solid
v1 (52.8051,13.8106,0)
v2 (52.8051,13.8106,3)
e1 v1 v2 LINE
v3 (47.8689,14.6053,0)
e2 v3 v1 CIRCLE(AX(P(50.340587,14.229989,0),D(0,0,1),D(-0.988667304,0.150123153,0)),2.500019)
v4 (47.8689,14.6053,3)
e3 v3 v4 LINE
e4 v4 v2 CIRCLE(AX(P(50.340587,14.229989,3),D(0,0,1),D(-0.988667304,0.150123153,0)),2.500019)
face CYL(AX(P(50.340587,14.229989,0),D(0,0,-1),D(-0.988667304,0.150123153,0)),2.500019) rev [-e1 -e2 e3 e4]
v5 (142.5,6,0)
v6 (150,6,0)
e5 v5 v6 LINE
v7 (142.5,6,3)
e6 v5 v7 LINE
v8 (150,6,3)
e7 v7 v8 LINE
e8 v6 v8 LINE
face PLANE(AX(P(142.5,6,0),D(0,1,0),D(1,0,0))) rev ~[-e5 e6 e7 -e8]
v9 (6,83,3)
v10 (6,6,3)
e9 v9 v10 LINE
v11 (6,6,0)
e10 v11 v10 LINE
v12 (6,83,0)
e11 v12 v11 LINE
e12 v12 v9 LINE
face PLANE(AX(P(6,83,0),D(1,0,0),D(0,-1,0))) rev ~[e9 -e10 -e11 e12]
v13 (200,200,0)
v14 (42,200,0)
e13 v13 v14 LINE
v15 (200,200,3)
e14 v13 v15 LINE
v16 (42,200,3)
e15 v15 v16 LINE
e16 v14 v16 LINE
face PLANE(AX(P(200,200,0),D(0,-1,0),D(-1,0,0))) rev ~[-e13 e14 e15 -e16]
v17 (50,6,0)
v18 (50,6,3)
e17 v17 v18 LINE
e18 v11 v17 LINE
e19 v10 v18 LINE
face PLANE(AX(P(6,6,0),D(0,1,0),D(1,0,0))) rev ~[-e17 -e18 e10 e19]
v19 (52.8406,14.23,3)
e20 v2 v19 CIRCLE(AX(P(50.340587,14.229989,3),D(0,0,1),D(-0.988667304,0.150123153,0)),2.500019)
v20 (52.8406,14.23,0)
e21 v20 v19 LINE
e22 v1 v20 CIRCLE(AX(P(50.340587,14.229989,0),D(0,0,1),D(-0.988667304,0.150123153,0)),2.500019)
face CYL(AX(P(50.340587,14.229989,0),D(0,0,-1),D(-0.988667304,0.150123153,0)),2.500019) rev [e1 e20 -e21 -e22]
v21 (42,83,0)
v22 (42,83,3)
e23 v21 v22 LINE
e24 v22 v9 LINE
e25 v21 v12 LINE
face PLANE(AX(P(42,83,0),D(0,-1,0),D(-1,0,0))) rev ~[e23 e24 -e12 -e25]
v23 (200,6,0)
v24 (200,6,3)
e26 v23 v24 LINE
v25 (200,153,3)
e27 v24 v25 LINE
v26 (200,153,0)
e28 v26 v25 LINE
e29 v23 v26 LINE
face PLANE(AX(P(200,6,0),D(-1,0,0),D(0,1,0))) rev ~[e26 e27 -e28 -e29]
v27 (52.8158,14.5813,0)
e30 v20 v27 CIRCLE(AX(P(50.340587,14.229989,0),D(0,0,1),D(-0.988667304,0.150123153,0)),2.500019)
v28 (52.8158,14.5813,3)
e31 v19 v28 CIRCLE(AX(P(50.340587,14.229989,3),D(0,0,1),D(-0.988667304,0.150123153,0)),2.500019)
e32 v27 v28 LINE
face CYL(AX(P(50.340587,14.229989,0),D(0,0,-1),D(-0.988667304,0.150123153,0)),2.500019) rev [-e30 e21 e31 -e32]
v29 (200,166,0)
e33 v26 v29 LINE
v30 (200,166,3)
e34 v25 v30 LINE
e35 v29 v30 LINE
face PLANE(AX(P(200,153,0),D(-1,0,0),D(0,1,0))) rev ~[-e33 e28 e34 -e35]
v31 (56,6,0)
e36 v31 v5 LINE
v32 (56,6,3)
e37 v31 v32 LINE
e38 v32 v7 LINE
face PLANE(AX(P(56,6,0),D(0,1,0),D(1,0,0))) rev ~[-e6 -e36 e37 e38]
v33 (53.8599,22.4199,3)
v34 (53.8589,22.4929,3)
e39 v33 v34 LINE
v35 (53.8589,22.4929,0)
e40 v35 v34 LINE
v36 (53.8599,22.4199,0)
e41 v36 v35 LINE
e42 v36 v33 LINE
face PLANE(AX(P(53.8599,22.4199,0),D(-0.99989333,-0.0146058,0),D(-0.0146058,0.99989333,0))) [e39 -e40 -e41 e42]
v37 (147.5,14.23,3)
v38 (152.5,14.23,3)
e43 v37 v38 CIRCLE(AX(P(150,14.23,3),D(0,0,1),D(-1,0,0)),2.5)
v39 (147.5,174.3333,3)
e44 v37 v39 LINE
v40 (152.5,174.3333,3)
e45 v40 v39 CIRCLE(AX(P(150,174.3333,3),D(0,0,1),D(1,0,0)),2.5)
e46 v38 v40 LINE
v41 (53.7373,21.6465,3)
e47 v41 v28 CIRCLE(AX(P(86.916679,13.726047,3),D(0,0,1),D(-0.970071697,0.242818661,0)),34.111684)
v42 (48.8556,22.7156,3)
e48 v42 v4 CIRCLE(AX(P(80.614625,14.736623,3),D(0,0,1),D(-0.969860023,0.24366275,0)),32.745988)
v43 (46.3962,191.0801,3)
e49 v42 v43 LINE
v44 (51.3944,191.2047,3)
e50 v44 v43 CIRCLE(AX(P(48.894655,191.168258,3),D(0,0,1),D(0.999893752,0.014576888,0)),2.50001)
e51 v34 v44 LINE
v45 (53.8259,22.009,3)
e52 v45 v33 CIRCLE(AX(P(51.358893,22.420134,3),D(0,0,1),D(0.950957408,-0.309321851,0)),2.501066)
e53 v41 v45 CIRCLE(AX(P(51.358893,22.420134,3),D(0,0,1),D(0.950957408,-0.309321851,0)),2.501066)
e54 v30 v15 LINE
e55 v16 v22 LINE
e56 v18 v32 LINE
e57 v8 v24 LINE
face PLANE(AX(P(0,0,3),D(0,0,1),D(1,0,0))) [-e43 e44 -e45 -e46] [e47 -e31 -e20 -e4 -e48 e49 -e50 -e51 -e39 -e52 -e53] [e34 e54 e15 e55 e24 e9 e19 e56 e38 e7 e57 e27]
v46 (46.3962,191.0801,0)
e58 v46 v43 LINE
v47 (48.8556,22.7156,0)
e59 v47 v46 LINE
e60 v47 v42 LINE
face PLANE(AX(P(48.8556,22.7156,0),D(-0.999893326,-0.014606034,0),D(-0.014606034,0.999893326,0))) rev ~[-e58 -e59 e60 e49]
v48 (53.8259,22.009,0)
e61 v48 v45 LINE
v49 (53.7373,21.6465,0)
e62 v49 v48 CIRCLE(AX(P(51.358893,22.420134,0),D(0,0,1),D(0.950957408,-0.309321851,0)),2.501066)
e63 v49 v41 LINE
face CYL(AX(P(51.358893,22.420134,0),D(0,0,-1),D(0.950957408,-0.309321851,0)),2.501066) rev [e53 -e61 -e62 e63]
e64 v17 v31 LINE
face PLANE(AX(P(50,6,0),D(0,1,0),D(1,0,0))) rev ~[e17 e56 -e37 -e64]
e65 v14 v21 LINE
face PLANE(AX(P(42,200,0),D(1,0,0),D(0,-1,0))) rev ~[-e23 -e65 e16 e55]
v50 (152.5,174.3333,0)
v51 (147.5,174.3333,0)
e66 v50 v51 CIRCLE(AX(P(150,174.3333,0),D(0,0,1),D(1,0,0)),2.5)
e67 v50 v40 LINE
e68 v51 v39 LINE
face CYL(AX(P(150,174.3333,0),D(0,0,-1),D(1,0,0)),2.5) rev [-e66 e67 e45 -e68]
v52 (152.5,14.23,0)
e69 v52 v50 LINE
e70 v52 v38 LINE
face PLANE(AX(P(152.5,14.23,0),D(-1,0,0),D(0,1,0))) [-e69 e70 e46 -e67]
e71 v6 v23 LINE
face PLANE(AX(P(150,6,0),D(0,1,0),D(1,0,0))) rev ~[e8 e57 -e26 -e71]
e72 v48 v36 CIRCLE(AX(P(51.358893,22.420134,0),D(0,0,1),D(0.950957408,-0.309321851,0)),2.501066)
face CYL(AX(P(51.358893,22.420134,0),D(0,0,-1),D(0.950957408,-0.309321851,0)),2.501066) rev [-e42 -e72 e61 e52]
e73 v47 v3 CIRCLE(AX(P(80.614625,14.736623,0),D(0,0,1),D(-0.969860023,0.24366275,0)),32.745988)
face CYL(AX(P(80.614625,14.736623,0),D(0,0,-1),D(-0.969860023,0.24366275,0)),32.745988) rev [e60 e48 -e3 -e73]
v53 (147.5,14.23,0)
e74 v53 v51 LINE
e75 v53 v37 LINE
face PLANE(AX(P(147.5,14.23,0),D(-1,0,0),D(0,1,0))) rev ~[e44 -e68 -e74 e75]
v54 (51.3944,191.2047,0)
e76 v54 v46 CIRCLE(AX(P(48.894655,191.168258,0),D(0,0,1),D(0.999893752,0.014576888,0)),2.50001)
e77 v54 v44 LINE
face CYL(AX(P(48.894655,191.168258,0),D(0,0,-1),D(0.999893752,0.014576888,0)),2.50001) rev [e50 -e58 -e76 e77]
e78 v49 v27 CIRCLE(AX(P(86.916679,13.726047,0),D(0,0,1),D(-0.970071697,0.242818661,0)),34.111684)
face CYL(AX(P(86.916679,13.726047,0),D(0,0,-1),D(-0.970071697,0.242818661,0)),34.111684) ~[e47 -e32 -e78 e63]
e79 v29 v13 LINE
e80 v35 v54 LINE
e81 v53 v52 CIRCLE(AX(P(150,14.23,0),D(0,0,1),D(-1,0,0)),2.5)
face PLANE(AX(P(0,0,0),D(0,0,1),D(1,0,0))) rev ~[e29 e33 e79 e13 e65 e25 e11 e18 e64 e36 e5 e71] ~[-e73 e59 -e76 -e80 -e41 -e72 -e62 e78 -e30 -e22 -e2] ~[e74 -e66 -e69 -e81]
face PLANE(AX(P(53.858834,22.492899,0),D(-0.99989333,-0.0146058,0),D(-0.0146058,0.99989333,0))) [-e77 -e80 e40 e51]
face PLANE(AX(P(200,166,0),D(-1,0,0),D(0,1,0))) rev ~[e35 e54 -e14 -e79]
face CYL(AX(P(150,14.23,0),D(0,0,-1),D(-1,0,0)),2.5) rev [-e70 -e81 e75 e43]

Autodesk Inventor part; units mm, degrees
ref_plane "YZ Plane" through (0, 0, 0) normal (1, 0, 0) x (0, 1, 0)
ref_plane "XZ Plane" through (0, 0, 0) normal (0, 1, 0) x (-1, 0, 0)
ref_plane "XY Plane" through (0, 0, 0) normal (0, 0, 1) x (1, 0, 0)
sketch "Sketch1" plane through (0, 0, 0) normal (0, 0, 1) x (1, 0, 0)
  line L0 (6, 6) -> (200, 6)
  line L1 (200, 6) -> (200, 200)
  line L2 (200, 200) -> (42, 200)
  line L3 (6, 83) -> (6, 6)
  line L4 (6, 6) -> (56, 6)
  line L5 (200, 6) -> (150, 6)
  line L6 (200, 6) -> (200, 153)
  line L7 (150, 6) -> (142.5, 6)
  line L8 (200, 6) -> (200, 166)
  arc A0 (152.5, 174.3333) -> (147.5, 174.3333) centre (150, 174.3333) ccw
  line L9 (150, 6) -> (50, 6)
  arc A1 (47.8689, 14.6053) -> (52.8158, 14.5813) centre (50.3406, 14.23) ccw
  arc A2 (53.8259, 22.009) -> (52.8051, 13.8106) centre (86.918, 13.7258) ccw
  arc A3 (51.3944, 191.2047) -> (46.3962, 191.0801) centre (48.8946, 191.1682) ccw
  line L10 (53.8599, 22.4199) -> (51.3944, 191.2047)
  line L11 (48.8556, 22.7156) -> (46.3962, 191.0801)
  arc A4 (53.7373, 21.6465) -> (53.8589, 22.4929) centre (51.3599, 22.4199) ccw
  arc A5 (48.8556, 22.7156) -> (47.8689, 14.6053) centre (80.6169, 14.7362) ccw
  line L12 (52.8406, 14.23) -> (52.8088, 14.23)
  arc A6 (147.5, 14.23) -> (152.5, 14.23) centre (150, 14.23) ccw
  line L13 (147.5, 14.23) -> (147.5, 174.3333)
  line L14 (152.5, 14.23) -> (152.5, 174.3333)
  line L15 (42, 200) -> (42, 83)
  line L16 (42, 83) -> (6, 83)
  dimension "d1" = 194
extrude "Extrusion1" add sketch "Sketch1" along normal blind 3
properties part number "inside walls left"
